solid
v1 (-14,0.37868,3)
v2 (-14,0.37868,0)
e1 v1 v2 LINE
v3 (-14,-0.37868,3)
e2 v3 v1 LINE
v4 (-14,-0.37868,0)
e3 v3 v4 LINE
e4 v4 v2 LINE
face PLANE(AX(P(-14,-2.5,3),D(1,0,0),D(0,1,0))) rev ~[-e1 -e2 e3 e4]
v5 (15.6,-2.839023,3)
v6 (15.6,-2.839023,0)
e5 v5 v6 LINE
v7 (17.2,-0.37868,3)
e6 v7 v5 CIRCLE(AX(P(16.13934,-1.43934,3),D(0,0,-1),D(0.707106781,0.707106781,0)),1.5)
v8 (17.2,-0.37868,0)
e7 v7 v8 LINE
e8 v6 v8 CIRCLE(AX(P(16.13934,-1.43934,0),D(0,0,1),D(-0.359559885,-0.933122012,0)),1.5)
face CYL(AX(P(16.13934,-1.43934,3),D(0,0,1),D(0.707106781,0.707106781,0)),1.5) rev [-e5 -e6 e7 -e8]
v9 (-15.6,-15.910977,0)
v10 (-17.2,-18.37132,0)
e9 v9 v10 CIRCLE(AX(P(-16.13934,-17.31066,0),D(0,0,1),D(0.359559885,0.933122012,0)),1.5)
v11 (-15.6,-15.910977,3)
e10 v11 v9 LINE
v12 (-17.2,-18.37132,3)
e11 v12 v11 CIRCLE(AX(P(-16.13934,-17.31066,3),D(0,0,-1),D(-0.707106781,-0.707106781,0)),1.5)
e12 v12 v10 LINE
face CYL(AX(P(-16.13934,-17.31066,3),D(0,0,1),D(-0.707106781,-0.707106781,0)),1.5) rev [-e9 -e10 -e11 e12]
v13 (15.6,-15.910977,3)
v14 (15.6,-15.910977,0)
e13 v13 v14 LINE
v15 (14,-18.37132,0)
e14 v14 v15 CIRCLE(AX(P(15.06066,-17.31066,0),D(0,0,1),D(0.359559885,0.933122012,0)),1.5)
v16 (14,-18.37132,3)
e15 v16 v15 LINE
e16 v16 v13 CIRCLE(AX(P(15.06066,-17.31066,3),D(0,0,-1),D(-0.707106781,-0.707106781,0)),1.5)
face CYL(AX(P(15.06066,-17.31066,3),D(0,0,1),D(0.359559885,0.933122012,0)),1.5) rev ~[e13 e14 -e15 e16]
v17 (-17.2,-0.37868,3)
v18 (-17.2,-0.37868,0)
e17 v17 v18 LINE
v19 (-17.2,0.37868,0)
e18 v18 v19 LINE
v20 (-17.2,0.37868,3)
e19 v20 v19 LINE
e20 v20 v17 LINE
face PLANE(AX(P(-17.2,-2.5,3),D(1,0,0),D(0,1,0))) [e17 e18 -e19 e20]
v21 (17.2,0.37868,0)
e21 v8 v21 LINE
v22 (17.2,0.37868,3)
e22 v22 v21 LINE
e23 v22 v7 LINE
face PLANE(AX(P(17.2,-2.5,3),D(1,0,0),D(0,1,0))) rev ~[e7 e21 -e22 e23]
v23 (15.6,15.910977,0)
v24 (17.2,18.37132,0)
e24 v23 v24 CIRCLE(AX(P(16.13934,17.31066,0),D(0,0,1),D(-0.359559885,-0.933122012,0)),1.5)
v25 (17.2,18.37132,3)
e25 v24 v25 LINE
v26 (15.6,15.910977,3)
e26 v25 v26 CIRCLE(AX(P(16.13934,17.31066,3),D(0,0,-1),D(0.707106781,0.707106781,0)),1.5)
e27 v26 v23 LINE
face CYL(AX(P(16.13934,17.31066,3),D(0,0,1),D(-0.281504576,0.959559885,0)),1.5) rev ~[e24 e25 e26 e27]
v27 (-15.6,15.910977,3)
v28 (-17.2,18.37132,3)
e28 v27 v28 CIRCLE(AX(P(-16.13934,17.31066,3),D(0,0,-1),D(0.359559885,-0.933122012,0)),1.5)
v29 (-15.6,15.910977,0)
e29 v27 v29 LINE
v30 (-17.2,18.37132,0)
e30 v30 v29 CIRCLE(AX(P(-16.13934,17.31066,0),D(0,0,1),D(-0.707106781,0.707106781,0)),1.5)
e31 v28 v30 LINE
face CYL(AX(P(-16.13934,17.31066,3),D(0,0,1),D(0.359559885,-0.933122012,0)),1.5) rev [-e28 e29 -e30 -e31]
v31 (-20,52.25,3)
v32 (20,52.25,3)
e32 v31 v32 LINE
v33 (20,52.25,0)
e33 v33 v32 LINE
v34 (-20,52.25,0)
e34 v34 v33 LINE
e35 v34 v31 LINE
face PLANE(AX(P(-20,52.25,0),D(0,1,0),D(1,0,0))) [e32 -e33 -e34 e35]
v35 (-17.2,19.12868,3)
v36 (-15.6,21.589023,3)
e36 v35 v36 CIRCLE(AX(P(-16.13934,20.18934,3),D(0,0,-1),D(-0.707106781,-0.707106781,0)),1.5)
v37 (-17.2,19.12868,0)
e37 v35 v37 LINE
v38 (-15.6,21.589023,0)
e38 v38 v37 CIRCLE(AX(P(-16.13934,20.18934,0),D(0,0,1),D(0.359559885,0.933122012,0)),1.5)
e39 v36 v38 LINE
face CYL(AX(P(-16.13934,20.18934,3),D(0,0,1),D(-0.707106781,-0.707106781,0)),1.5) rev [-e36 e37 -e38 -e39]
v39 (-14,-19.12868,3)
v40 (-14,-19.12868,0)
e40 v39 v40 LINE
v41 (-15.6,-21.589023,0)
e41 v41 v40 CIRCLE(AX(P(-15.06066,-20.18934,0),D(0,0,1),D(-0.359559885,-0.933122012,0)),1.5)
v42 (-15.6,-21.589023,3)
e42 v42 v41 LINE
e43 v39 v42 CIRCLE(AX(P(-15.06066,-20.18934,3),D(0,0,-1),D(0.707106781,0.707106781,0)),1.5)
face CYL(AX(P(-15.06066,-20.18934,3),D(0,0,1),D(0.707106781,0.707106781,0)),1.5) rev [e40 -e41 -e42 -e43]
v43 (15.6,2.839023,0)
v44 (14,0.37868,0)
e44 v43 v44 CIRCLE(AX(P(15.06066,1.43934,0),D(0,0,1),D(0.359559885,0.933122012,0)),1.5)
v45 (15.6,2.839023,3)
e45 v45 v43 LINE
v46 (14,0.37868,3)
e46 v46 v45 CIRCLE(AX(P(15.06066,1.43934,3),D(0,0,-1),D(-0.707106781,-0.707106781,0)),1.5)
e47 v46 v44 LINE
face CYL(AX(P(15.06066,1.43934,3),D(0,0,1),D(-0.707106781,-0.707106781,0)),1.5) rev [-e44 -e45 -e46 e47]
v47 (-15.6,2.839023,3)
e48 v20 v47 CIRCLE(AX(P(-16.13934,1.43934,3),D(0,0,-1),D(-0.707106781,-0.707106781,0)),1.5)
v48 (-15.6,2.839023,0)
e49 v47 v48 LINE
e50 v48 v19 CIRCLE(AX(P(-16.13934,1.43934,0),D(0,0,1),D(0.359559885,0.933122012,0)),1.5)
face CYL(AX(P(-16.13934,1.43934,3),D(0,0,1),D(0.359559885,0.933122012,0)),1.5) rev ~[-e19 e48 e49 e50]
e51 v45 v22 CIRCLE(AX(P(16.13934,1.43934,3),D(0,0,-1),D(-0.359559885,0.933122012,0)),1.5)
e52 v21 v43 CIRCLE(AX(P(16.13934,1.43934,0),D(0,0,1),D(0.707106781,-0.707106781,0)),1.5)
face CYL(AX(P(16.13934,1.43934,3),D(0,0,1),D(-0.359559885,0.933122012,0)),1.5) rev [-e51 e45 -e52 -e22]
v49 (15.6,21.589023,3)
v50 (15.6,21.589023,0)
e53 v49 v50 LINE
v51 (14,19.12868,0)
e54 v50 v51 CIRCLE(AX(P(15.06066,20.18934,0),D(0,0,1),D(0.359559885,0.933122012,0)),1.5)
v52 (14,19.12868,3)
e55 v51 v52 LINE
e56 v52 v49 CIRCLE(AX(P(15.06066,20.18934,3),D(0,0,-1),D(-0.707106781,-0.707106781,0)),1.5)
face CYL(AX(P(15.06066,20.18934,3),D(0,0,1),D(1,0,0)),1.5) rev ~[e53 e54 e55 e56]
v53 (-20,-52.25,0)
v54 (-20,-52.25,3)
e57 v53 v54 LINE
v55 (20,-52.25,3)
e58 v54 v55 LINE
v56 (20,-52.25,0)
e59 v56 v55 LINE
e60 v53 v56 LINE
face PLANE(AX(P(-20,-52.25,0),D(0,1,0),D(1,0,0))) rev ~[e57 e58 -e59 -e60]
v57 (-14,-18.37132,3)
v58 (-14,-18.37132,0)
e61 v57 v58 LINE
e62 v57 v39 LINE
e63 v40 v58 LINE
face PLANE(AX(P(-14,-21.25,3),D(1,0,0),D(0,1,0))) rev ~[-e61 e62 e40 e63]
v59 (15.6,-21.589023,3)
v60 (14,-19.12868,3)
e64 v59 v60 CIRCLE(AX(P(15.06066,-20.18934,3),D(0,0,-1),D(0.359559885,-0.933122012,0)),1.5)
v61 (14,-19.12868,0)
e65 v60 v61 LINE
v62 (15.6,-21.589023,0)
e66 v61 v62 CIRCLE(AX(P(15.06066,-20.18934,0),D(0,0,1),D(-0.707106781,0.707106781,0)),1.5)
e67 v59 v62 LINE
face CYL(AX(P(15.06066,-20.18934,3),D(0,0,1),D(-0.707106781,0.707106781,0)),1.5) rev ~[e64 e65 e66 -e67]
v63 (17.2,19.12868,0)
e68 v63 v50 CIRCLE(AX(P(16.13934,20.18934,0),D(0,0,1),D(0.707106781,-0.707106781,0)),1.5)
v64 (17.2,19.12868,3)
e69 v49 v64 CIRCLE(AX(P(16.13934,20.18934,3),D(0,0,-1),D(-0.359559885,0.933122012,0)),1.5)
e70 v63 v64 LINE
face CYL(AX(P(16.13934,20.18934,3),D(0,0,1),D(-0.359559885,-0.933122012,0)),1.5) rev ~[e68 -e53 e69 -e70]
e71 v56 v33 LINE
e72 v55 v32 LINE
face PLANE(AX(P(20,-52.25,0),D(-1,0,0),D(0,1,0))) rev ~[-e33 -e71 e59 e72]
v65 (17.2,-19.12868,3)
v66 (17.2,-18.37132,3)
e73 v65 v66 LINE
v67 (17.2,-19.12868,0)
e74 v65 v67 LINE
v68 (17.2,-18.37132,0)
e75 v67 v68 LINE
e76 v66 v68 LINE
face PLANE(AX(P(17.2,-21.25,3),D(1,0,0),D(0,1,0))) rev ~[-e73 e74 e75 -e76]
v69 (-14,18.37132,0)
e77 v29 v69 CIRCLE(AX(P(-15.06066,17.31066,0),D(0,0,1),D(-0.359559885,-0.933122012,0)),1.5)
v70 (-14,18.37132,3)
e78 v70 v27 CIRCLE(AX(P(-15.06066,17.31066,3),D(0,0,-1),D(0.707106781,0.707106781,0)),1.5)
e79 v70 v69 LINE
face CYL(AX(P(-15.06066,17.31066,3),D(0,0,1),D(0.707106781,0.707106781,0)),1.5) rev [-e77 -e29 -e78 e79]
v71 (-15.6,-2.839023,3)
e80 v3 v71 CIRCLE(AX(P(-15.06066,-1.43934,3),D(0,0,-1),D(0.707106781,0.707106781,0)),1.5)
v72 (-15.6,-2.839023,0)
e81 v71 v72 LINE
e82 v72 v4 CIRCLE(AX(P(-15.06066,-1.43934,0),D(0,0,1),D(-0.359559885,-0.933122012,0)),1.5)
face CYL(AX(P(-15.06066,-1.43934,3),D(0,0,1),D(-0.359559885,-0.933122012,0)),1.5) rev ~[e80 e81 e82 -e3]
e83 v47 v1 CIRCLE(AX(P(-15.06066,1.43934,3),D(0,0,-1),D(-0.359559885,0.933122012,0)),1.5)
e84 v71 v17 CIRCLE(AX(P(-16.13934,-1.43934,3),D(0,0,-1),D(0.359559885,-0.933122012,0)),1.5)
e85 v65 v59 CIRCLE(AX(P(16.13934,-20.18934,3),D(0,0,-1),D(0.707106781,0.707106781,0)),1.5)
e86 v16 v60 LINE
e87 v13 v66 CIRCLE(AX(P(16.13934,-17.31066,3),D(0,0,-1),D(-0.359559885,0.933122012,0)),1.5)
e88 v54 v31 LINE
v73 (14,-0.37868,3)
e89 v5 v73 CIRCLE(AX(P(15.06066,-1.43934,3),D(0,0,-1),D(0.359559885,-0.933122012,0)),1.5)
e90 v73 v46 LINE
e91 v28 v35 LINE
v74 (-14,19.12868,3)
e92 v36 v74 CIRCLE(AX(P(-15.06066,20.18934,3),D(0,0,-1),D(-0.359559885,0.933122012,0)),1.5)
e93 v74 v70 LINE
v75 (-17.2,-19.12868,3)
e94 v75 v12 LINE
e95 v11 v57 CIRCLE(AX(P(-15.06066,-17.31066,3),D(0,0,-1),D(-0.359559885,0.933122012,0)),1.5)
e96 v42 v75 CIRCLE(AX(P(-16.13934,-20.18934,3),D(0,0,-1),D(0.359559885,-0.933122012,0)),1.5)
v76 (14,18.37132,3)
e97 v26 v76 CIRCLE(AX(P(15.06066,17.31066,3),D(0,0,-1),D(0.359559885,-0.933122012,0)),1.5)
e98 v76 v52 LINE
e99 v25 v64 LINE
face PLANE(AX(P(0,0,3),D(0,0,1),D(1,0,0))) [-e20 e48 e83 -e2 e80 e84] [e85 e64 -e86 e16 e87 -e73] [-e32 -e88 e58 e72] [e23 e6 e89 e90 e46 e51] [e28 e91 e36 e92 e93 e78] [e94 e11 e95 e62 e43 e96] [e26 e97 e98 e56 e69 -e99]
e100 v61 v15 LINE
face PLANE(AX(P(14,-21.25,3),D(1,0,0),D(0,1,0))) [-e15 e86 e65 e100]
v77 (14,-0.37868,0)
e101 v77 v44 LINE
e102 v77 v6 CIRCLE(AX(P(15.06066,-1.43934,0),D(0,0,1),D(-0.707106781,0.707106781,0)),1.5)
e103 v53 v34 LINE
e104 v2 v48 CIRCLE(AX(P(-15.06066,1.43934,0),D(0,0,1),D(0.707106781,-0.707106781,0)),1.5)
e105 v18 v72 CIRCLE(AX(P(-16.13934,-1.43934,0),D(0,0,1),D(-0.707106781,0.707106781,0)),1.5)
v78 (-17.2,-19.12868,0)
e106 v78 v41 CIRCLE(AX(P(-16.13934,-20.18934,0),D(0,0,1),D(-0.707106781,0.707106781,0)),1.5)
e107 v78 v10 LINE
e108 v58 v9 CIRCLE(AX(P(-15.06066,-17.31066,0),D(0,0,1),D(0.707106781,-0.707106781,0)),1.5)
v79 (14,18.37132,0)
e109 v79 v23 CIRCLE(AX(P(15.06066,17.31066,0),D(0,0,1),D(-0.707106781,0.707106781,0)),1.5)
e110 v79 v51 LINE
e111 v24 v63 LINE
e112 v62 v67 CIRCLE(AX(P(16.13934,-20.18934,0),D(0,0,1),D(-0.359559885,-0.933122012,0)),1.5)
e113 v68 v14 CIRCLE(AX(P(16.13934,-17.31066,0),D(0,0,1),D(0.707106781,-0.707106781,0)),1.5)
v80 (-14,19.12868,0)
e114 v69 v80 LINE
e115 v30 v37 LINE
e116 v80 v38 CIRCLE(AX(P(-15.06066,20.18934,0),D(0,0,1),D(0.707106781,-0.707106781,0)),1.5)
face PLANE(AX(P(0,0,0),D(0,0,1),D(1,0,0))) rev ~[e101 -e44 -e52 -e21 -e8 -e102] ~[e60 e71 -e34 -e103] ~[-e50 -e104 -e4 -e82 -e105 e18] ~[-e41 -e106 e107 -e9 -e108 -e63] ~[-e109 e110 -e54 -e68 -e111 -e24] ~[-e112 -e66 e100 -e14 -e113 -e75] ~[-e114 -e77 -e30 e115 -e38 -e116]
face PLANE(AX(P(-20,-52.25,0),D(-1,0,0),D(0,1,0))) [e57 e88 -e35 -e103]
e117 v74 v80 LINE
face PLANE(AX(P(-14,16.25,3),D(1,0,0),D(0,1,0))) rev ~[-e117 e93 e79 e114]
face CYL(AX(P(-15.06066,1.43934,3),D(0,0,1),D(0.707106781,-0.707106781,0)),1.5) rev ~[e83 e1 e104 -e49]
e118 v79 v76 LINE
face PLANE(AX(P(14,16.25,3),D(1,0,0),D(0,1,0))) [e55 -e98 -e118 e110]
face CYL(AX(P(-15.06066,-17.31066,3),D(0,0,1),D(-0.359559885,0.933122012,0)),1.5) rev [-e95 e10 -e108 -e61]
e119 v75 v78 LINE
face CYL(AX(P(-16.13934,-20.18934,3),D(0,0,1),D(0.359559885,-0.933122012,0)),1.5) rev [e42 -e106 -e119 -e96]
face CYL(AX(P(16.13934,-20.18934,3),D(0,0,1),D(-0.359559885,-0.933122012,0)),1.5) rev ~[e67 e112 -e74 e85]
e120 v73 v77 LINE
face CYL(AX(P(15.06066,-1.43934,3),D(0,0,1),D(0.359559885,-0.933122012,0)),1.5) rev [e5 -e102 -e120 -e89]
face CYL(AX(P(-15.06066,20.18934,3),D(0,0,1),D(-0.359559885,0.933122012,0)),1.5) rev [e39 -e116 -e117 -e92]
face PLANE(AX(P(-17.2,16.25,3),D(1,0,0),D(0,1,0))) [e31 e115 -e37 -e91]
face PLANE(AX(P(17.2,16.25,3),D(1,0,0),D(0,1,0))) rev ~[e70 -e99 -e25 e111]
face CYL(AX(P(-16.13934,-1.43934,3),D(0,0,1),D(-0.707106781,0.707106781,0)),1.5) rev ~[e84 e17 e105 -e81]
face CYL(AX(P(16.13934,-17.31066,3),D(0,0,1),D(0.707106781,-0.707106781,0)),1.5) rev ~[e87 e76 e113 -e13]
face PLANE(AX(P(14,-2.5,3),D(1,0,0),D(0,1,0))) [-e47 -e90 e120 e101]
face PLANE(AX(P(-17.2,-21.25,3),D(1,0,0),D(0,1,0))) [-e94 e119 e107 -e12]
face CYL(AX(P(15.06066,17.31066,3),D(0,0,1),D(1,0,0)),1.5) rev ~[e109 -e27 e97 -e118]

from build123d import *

# Parameters (mm, degrees)
CROQUIS2_W              = 40
CROQUIS2_H              = 104.5
SALIENTE_EXTRUIR1_DEPTH = 3
CROQUIS3_W              = 3.2
CROQUIS3_H              = 5
CORTAR_EXTRUIR1_DEPTH   = 4
CROQUIS4_R              = 1.5
CORTAR_EXTRUIR3_DEPTH   = 3
CORTAR_EXTRUIR4_DEPTH   = 4


with BuildPart() as part:
    # Croquis2 → Saliente-Extruir1 (new body)
    with BuildSketch(Plane.XY):
        Rectangle(CROQUIS2_W, CROQUIS2_H)
    extrude(amount=SALIENTE_EXTRUIR1_DEPTH)

    # Croquis3 → Cortar-Extruir1 (cut, through all)
    with BuildSketch(Plane.XY.offset(3)):
        with Locations((15.6, 18.75)):
            Rectangle(CROQUIS3_W, CROQUIS3_H)
        with Locations((15.6, 0)):
            Rectangle(CROQUIS3_W, CROQUIS3_H)
        with Locations((15.6, -18.75)):
            Rectangle(CROQUIS3_W, CROQUIS3_H)
        with Locations((-15.6, 18.75)):
            Rectangle(CROQUIS3_W, CROQUIS3_H)
        with Locations((-15.6, 0)):
            Rectangle(CROQUIS3_W, CROQUIS3_H)
        with Locations((-15.6, -18.75)):
            Rectangle(CROQUIS3_W, CROQUIS3_H)
    extrude(amount=-CORTAR_EXTRUIR1_DEPTH, mode=Mode.SUBTRACT)

    # Croquis4 → Cortar-Extruir3 (cut)
    with BuildSketch(Plane.XY.offset(3)):
        with Locations((15.060660172, 20.189339828)):
            Circle(CROQUIS4_R)
        with Locations((16.139339828, 20.189339828)):
            Circle(CROQUIS4_R)
        with Locations((16.139339828, 17.310660172)):
            Circle(CROQUIS4_R)
        with Locations((15.060660172, 17.310660172)):
            Circle(CROQUIS4_R)
    extrude(amount=-CORTAR_EXTRUIR3_DEPTH, mode=Mode.SUBTRACT)

    # Croquis5 → Cortar-Extruir4 (cut, through all)
    with BuildSketch(Plane.XY.offset(3)):
        with BuildLine():
            Line((17.2, 0.378679656), (17.2, -0.378679656))
            ThreePointArc((17.2, -0.378679656), (17.396823775, -2.257101482), (15.6, -2.839022846))
            ThreePointArc((15.6, -2.839022846), (13.803176225, -2.257101482), (14, -0.378679656))
            Line((14, -0.378679656), (14, 0.378679656))
            ThreePointArc((14, 0.378679656), (13.803176225, 2.257101482), (15.6, 2.839022846))
            ThreePointArc((15.6, 2.839022846), (17.396823775, 2.257101482), (17.2, 0.378679656))
        make_face()
        with BuildLine():
            Line((14, -18.371320344), (14, -19.128679656))
            ThreePointArc((14, -19.128679656), (13.803176225, -21.007101482), (15.6, -21.589022846))
            ThreePointArc((15.6, -21.589022846), (17.396823775, -21.007101482), (17.2, -19.128679656))
            Line((17.2, -19.128679656), (17.2, -18.371320344))
            ThreePointArc((17.2, -18.371320344), (17.396823775, -16.492898518), (15.6, -15.910977154))
            ThreePointArc((15.6, -15.910977154), (13.803176225, -16.492898518), (14, -18.371320344))
        make_face()
        with BuildLine():
            Line((-17.2, -19.128679656), (-17.2, -18.371320344))
            ThreePointArc((-17.2, -18.371320344), (-17.396823775, -16.492898518), (-15.6, -15.910977154))
            ThreePointArc((-15.6, -15.910977154), (-13.803176225, -16.492898518), (-14, -18.371320344))
            Line((-14, -18.371320344), (-14, -19.128679656))
            ThreePointArc((-14, -19.128679656), (-13.803176225, -21.007101482), (-15.6, -21.589022846))
            ThreePointArc((-15.6, -21.589022846), (-17.396823775, -21.007101482), (-17.2, -19.128679656))
        make_face()
        with BuildLine():
            Line((-14, -0.378679656), (-14, 0.378679656))
            ThreePointArc((-14, 0.378679656), (-13.803176225, 2.257101482), (-15.6, 2.839022846))
            ThreePointArc((-15.6, 2.839022846), (-17.396823775, 2.257101482), (-17.2, 0.378679656))
            Line((-17.2, 0.378679656), (-17.2, -0.378679656))
            ThreePointArc((-17.2, -0.378679656), (-17.396823775, -2.257101482), (-15.6, -2.839022846))
            ThreePointArc((-15.6, -2.839022846), (-13.803176225, -2.257101482), (-14, -0.378679656))
        make_face()
        with BuildLine():
            Line((-17.2, 18.371320344), (-17.2, 19.128679656))
            ThreePointArc((-17.2, 19.128679656), (-17.396823775, 21.007101482), (-15.6, 21.589022846))
            ThreePointArc((-15.6, 21.589022846), (-13.803176225, 21.007101482), (-14, 19.128679656))
            Line((-14, 19.128679656), (-14, 18.371320344))
            ThreePointArc((-14, 18.371320344), (-13.803176225, 16.492898518), (-15.6, 15.910977154))
            ThreePointArc((-15.6, 15.910977154), (-17.396823775, 16.492898518), (-17.2, 18.371320344))
        make_face()
    extrude(amount=-CORTAR_EXTRUIR4_DEPTH, mode=Mode.SUBTRACT)


solid = part.part
